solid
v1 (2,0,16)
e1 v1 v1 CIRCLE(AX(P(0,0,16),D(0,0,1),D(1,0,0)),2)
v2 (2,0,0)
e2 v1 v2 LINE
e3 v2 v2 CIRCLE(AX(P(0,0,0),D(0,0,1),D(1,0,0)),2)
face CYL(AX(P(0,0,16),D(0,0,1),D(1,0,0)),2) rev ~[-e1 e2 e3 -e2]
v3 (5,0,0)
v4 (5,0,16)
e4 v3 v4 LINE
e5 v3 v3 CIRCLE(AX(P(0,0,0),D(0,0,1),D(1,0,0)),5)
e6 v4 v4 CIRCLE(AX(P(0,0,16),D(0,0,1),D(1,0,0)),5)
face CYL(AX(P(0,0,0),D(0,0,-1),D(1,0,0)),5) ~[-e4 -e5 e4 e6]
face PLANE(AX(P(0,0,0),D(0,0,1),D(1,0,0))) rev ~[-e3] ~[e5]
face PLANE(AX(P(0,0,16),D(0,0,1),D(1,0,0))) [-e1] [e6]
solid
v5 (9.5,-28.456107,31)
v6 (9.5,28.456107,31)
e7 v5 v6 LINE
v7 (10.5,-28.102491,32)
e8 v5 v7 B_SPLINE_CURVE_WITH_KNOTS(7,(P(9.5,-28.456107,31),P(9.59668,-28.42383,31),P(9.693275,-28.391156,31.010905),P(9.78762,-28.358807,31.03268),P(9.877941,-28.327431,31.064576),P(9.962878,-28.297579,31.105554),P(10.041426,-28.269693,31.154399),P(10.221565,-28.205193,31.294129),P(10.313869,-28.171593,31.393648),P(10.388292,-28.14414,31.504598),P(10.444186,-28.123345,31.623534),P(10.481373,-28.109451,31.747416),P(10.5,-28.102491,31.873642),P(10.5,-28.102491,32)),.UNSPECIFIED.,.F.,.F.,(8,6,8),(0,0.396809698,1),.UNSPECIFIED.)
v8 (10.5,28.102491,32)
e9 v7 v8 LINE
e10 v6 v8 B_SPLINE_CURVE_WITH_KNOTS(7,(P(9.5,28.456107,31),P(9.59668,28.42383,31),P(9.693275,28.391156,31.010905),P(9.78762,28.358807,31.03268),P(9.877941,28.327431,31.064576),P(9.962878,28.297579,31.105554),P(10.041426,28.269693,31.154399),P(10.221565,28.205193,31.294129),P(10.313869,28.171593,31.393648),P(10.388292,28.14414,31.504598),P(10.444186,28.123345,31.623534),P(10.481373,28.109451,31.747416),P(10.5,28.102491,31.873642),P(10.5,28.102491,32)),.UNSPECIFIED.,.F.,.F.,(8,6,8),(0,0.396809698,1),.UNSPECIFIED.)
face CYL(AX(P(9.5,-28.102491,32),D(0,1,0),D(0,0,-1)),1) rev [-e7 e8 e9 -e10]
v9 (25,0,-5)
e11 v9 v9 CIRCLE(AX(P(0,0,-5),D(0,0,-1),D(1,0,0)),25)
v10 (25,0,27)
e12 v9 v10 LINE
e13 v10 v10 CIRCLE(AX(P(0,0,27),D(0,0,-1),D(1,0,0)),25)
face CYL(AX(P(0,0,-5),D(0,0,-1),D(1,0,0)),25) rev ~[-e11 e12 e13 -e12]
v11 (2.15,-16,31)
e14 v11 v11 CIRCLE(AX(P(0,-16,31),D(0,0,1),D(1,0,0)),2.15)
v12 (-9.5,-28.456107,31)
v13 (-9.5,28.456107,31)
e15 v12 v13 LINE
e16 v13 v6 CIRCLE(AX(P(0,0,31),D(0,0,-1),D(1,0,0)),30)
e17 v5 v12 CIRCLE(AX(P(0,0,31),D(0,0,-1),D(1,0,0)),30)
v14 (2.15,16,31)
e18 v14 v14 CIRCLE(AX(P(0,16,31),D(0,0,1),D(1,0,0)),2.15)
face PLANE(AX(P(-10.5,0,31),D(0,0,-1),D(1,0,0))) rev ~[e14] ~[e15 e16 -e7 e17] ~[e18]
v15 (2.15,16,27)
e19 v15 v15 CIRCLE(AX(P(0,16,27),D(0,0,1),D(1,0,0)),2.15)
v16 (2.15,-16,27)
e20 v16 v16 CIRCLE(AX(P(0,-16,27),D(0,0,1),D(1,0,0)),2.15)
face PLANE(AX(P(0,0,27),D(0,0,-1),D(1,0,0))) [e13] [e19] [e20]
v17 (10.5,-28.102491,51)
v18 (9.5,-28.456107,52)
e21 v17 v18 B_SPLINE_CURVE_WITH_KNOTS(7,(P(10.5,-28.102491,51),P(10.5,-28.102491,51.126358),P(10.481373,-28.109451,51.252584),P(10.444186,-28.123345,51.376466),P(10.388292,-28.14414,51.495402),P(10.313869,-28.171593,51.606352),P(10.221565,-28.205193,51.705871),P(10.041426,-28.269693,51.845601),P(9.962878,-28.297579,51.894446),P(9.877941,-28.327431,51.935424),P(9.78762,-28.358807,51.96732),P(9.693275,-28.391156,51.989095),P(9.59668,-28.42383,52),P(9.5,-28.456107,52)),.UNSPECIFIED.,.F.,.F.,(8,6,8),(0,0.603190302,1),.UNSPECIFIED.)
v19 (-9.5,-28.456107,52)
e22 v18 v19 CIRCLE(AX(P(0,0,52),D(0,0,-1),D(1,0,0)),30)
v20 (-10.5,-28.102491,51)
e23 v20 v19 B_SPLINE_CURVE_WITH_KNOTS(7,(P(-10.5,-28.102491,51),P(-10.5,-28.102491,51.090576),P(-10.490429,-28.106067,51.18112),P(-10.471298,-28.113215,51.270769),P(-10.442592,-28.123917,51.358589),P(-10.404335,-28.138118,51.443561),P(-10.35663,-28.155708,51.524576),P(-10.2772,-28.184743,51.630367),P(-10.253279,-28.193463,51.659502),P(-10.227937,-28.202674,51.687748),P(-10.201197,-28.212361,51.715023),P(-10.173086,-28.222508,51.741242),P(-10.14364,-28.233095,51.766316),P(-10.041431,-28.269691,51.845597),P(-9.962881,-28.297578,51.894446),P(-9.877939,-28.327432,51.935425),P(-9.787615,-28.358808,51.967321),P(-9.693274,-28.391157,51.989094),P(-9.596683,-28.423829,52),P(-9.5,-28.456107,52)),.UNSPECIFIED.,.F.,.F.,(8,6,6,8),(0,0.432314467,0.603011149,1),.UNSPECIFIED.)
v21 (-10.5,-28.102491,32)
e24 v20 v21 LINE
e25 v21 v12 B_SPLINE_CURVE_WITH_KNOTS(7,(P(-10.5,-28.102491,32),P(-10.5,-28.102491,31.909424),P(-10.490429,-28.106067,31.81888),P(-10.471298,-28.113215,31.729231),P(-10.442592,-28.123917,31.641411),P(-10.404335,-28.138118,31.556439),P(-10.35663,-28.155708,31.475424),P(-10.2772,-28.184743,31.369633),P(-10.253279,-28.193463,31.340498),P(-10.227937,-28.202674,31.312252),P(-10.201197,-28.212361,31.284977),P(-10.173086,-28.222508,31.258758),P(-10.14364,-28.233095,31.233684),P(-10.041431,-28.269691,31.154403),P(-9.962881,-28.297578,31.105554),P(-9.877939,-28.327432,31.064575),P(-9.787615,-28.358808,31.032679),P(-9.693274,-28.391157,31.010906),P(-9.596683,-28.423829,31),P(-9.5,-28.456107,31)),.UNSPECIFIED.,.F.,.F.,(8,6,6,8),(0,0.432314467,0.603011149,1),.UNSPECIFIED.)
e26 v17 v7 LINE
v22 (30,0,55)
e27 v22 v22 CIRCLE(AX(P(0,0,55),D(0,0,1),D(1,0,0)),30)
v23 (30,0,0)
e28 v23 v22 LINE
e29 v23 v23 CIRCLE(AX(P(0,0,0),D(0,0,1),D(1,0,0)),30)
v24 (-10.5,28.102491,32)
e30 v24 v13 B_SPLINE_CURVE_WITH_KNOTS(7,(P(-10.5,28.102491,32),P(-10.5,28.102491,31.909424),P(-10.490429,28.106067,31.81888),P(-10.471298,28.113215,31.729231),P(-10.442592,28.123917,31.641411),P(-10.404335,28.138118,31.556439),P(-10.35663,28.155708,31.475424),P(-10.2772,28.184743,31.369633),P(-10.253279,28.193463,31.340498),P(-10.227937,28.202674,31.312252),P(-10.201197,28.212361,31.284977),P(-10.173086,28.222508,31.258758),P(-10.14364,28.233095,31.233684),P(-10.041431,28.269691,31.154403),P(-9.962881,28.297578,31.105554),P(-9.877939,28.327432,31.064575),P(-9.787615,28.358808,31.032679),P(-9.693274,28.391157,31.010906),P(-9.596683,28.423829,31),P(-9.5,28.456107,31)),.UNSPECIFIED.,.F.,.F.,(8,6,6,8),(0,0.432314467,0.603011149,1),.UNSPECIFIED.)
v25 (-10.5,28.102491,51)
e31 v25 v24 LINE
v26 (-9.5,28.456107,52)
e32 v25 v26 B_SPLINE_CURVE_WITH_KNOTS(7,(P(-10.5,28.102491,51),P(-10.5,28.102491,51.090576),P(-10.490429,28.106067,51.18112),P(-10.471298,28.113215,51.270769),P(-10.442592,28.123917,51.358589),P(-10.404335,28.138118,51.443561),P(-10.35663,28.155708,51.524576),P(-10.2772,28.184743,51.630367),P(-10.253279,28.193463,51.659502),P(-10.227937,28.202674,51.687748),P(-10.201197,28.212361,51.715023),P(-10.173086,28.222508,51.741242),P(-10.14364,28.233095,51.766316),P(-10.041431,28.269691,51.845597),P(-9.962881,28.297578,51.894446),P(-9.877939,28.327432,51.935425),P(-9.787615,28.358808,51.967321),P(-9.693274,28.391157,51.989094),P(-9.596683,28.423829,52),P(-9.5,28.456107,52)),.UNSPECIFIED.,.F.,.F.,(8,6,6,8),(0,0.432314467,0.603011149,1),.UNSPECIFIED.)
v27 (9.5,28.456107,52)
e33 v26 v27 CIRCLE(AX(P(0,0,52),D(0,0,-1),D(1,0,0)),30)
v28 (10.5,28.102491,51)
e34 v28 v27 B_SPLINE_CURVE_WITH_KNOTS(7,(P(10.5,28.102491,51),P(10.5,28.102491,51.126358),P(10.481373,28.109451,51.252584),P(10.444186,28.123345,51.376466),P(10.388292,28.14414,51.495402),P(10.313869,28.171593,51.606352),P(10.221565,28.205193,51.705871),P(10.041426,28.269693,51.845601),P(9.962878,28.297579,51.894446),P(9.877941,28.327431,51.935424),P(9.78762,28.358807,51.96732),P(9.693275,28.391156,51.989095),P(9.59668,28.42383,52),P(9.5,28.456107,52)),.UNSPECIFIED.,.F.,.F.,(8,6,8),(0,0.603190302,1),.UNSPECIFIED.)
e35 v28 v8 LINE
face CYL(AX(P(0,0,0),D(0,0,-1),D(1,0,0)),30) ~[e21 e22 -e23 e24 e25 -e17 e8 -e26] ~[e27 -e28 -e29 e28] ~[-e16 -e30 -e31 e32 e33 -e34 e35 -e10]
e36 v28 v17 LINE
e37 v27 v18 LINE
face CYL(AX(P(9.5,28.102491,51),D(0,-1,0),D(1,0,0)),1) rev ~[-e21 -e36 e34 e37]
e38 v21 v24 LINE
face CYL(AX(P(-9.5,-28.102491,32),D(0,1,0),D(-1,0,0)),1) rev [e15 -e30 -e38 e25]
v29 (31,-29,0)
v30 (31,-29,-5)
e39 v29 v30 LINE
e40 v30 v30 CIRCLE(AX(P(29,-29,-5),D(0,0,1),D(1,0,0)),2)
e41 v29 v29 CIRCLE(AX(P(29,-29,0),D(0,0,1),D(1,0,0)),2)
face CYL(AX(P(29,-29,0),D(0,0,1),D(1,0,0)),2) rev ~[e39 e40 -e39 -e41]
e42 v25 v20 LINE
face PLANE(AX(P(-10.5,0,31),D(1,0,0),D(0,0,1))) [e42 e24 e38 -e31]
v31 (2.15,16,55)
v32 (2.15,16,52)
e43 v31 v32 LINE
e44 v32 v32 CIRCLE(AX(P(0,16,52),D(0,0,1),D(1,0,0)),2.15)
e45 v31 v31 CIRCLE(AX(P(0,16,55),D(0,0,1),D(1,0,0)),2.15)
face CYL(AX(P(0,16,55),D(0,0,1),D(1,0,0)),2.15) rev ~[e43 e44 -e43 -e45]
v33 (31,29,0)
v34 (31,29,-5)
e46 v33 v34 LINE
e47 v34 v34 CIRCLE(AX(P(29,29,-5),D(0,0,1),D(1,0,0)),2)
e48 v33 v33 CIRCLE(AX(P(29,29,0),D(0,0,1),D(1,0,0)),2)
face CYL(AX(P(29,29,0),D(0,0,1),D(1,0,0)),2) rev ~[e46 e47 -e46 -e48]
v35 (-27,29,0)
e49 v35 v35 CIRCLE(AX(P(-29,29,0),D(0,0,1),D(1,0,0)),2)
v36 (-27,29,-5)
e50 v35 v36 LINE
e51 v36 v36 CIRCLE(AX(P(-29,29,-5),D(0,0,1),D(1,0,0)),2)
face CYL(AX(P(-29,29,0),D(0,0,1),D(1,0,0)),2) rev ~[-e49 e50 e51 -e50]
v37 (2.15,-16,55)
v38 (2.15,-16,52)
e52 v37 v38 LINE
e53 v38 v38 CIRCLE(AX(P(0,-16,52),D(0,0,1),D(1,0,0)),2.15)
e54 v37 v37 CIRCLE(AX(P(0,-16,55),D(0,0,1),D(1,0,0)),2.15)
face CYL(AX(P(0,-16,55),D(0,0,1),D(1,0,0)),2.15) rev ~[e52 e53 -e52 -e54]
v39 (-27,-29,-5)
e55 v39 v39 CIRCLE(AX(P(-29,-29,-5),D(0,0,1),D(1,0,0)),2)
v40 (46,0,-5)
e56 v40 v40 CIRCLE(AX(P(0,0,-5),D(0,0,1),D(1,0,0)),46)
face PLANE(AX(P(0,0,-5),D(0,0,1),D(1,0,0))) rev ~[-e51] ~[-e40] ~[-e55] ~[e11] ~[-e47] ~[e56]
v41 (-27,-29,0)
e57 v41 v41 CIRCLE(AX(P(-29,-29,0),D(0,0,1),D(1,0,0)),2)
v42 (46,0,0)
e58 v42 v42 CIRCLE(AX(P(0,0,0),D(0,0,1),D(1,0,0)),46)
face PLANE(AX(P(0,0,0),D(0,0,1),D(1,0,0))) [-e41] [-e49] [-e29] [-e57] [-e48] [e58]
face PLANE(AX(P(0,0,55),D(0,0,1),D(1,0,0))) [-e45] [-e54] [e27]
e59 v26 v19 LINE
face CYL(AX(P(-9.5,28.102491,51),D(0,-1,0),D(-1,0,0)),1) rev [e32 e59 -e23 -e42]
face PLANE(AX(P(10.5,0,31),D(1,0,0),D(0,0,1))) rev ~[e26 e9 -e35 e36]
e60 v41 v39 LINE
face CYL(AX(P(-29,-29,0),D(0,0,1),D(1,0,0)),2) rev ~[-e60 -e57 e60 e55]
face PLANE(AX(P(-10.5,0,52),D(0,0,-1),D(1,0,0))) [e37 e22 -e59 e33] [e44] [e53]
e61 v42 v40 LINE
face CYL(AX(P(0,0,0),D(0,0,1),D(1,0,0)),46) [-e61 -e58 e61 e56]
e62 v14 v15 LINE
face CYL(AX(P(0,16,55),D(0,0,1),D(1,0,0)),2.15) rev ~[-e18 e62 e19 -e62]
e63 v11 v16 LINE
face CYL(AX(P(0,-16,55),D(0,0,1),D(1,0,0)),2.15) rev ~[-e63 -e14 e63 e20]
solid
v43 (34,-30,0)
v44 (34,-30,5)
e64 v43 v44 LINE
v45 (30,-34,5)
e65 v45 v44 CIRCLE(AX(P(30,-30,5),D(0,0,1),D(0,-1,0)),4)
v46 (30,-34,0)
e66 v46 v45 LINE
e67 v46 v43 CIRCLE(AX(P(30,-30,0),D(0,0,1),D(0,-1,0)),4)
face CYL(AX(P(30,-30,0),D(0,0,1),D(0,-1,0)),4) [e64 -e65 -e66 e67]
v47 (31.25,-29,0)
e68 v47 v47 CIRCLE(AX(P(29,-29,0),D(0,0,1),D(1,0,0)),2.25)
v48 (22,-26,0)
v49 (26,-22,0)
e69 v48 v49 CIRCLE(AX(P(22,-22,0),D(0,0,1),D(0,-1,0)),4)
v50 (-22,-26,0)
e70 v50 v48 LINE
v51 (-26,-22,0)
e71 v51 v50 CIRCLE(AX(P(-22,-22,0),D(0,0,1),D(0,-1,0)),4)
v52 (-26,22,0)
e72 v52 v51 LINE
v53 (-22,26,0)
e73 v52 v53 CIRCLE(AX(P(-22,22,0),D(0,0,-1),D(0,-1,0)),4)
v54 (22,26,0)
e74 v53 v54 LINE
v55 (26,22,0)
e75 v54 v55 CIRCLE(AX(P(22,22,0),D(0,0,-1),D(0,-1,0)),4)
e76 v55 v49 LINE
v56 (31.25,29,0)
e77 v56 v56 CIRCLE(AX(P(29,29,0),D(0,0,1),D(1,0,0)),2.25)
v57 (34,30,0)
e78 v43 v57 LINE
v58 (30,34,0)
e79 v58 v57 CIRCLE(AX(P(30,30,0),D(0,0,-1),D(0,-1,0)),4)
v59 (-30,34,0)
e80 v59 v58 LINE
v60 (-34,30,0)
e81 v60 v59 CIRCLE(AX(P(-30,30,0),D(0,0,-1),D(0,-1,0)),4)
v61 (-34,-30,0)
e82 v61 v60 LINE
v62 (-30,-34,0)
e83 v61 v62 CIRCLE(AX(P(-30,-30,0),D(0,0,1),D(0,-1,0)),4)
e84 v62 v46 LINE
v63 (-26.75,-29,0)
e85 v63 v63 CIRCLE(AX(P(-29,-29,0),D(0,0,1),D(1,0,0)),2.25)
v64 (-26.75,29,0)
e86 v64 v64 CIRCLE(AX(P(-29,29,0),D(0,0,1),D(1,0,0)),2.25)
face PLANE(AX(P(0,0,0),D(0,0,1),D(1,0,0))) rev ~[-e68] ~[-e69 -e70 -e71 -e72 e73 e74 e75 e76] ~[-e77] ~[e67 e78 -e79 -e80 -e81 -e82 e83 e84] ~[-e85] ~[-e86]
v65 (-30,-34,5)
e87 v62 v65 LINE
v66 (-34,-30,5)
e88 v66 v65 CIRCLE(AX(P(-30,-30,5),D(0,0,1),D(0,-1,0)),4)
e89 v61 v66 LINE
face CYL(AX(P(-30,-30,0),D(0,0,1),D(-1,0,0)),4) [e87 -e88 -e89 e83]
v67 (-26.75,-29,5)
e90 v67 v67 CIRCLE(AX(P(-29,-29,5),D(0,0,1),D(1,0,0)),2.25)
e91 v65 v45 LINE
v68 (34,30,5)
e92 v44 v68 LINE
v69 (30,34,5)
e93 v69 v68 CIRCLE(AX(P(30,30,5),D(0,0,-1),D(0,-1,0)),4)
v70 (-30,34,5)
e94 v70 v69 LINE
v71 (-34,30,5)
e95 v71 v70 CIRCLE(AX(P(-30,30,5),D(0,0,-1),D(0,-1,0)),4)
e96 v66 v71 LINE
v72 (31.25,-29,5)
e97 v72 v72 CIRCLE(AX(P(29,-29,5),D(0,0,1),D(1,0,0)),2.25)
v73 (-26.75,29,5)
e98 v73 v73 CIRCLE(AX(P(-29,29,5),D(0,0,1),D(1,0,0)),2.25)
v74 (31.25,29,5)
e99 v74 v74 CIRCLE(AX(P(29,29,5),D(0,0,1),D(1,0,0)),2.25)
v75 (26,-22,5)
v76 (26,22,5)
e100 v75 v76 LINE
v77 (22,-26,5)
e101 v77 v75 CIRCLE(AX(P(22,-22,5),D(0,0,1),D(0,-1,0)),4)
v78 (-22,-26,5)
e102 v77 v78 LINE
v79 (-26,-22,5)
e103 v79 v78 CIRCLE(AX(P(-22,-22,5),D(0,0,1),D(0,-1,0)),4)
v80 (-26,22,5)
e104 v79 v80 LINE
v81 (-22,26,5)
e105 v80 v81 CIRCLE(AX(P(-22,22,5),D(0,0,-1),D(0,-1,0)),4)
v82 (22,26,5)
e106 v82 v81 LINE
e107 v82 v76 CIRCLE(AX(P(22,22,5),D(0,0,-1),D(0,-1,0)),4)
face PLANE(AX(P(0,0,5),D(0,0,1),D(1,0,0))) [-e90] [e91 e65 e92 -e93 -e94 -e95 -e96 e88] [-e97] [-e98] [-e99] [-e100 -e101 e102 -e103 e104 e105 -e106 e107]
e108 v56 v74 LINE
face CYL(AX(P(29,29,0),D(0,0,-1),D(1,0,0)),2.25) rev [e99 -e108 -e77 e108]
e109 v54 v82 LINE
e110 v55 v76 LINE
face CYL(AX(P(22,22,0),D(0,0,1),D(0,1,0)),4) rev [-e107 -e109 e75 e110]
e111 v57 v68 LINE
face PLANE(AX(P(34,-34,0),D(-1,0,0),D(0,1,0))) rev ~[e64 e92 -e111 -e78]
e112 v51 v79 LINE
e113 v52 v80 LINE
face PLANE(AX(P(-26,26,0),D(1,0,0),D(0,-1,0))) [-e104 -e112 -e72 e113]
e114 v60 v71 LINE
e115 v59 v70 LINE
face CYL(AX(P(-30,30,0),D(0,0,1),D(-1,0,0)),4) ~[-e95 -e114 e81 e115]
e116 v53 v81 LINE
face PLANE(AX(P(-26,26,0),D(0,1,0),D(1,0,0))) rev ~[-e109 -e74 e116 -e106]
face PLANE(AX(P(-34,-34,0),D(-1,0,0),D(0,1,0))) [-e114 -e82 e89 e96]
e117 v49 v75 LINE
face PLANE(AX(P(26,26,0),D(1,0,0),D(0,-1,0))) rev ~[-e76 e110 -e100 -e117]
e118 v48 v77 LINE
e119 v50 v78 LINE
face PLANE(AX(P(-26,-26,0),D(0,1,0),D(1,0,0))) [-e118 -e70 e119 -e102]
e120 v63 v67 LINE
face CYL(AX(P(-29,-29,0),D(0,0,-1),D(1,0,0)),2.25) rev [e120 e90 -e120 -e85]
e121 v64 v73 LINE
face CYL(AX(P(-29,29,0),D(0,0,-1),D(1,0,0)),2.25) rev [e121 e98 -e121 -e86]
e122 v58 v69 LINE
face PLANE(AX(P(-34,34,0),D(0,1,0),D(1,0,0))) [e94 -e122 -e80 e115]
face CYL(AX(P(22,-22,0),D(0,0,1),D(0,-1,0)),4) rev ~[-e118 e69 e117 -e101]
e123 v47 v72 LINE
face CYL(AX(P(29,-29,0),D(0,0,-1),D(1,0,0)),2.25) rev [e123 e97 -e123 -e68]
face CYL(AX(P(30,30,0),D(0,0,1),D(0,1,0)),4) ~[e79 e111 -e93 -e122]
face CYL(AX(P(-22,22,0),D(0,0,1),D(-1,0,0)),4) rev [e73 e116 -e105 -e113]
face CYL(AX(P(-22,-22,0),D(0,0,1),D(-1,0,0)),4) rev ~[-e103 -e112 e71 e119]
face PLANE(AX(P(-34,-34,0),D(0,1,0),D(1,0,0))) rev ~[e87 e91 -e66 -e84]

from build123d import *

# Parameters (mm, degrees)
SKETCH001_R          = 46
PAD_DEPTH            = 5
SKETCH_R             = 2
POCKET_DEPTH         = 5.001
SKETCH003_R          = 30
PAD002_DEPTH         = 55
SKETCH011_W          = 21
SKETCH011_H          = 21
POCKET004_DEPTH      = 46.001
POCKET004_DEPTH_BACK = -46.001
SKETCH012_R          = 25
POCKET005_DEPTH      = 32
SKETCH013_R          = 2.15
POCKET006_DEPTH      = 60.001
FILLET008_R          = 1
FILLET009_R          = 1
FILLET010_R          = 1
FILLET011_R          = 1
BODY_PLACEMENT_ANGLE = 90
SKETCH007_R          = 5
PAD004_DEPTH         = 16
SKETCH008_R          = 2
POCKET002_DEPTH      = 16.001
SKETCH009_W          = 68
SKETCH009_H          = 68
SKETCH009_R          = 2.25
PAD005_DEPTH         = 5
SKETCH010_W          = 52
SKETCH010_H          = 52
POCKET003_DEPTH      = 5.001
FILLET_R             = 4
FILLET001_R          = 4
FILLET002_R          = 4
FILLET003_R          = 4
FILLET004_R          = 4
FILLET005_R          = 4
FILLET006_R          = 4
FILLET007_R          = 4


with BuildPart() as body:
    # Sketch001 → Pad (new body)
    with BuildSketch(Plane.XY):
        Circle(SKETCH001_R)
    extrude(amount=-PAD_DEPTH)

    # Sketch → Pocket (cut, through all)
    with BuildSketch(Plane.XY):
        with Locations((-29, 29)):
            Circle(SKETCH_R)
        with Locations((29, 29)):
            Circle(SKETCH_R)
        with Locations((-29, -29)):
            Circle(SKETCH_R)
        with Locations((29, -29)):
            Circle(SKETCH_R)
    extrude(amount=-POCKET_DEPTH, mode=Mode.SUBTRACT)

    # Sketch003 → Pad002 (join)
    with BuildSketch(Plane.XY):
        Circle(SKETCH003_R)
    extrude(amount=PAD002_DEPTH)

    # Sketch011 → Pocket004 (cut, two sides)
    with BuildSketch(Plane.XZ) as pocket004_sk:
        with Locations((0, 41.5)):
            Rectangle(SKETCH011_W, SKETCH011_H)
    extrude(amount=-POCKET004_DEPTH, mode=Mode.SUBTRACT)
    extrude(pocket004_sk.sketch, amount=-POCKET004_DEPTH_BACK, mode=Mode.SUBTRACT)

    # Sketch012 (on Face3 of Pocket004) → Pocket005 (cut)
    with BuildSketch(Plane(origin=(0, 0, -5), x_dir=(1, 0, 0), z_dir=(0, 0, -1))):
        Circle(SKETCH012_R)
    extrude(amount=-POCKET005_DEPTH, mode=Mode.SUBTRACT)

    # Sketch013 (on Face10 of Pocket005) → Pocket006 (cut, through all)
    with BuildSketch(Plane.XY.offset(55)):
        with Locations((0, -16)):
            Circle(SKETCH013_R)
        with Locations((0, 16)):
            Circle(SKETCH013_R)
    extrude(amount=-POCKET006_DEPTH, mode=Mode.SUBTRACT)

    # Fillet008
    fillet008_edges = [body.edges().sort_by_distance(p)[0] for p in [
        (-10.5, 0, 31),
    ]]
    fillet(fillet008_edges, radius=FILLET008_R)

    # Fillet009
    fillet009_edges = [body.edges().sort_by_distance(p)[0] for p in [
        (-10.5, 0, 52),
    ]]
    fillet(fillet009_edges, radius=FILLET009_R)

    # Fillet010
    fillet010_edges = [body.edges().sort_by_distance(p)[0] for p in [
        (10.5, 0, 31),
    ]]
    fillet(fillet010_edges, radius=FILLET010_R)

    # Fillet011
    fillet011_edges = [body.edges().sort_by_distance(p)[0] for p in [
        (10.5, 0, 52),
    ]]
    fillet(fillet011_edges, radius=FILLET011_R)


with BuildPart() as body_1:
    # Body placement: moved
    add(body.part.rotate(Axis((0, 0, 0), (0, 0, -1)), BODY_PLACEMENT_ANGLE))


with BuildPart() as bodysupport:
    # Sketch007 → Pad004 (new body)
    with BuildSketch(Plane.XY):
        Circle(SKETCH007_R)
    extrude(amount=PAD004_DEPTH)

    # Sketch008 (on Face3 of Pad004) → Pocket002 (cut, through all)
    with BuildSketch(Plane.XY.offset(16)):
        Circle(SKETCH008_R)
    extrude(amount=-POCKET002_DEPTH, mode=Mode.SUBTRACT)


with BuildPart() as bodydrill:
    # Sketch009 → Pad005 (new body)
    with BuildSketch(Plane.XY):
        Rectangle(SKETCH009_W, SKETCH009_H)
        with Locations((-29, 29)):
            Circle(SKETCH009_R, mode=Mode.SUBTRACT)
        with Locations((29, 29)):
            Circle(SKETCH009_R, mode=Mode.SUBTRACT)
        with Locations((-29, -29)):
            Circle(SKETCH009_R, mode=Mode.SUBTRACT)
        with Locations((29, -29)):
            Circle(SKETCH009_R, mode=Mode.SUBTRACT)
    extrude(amount=PAD005_DEPTH)

    # Sketch010 (on Face9 of Pad005) → Pocket003 (cut, through all)
    with BuildSketch(Plane(origin=(0, 0, 0), x_dir=(1, 0, 0), z_dir=(0, 0, -1))):
        Rectangle(SKETCH010_W, SKETCH010_H)
    extrude(amount=-POCKET003_DEPTH, mode=Mode.SUBTRACT)

    # Fillet
    fillet_edges = [bodydrill.edges().sort_by_distance(p)[0] for p in [
        (-34, -34, 2.5),
    ]]
    fillet(fillet_edges, radius=FILLET_R)

    # Fillet001
    fillet001_edges = [bodydrill.edges().sort_by_distance(p)[0] for p in [
        (34, -34, 2.5),
    ]]
    fillet(fillet001_edges, radius=FILLET001_R)

    # Fillet002
    fillet002_edges = [bodydrill.edges().sort_by_distance(p)[0] for p in [
        (-34, 34, 2.5),
    ]]
    fillet(fillet002_edges, radius=FILLET002_R)

    # Fillet003
    fillet003_edges = [bodydrill.edges().sort_by_distance(p)[0] for p in [
        (34, 34, 2.5),
    ]]
    fillet(fillet003_edges, radius=FILLET003_R)

    # Fillet004
    fillet004_edges = [bodydrill.edges().sort_by_distance(p)[0] for p in [
        (-26, -26, 2.5),
    ]]
    fillet(fillet004_edges, radius=FILLET004_R)

    # Fillet005
    fillet005_edges = [bodydrill.edges().sort_by_distance(p)[0] for p in [
        (26, -26, 2.5),
    ]]
    fillet(fillet005_edges, radius=FILLET005_R)

    # Fillet006
    fillet006_edges = [bodydrill.edges().sort_by_distance(p)[0] for p in [
        (-26, 26, 2.5),
    ]]
    fillet(fillet006_edges, radius=FILLET006_R)

    # Fillet007
    fillet007_edges = [bodydrill.edges().sort_by_distance(p)[0] for p in [
        (26, 26, 2.5),
    ]]
    fillet(fillet007_edges, radius=FILLET007_R)


solid = Compound([body_1.part, bodysupport.part, bodydrill.part])
